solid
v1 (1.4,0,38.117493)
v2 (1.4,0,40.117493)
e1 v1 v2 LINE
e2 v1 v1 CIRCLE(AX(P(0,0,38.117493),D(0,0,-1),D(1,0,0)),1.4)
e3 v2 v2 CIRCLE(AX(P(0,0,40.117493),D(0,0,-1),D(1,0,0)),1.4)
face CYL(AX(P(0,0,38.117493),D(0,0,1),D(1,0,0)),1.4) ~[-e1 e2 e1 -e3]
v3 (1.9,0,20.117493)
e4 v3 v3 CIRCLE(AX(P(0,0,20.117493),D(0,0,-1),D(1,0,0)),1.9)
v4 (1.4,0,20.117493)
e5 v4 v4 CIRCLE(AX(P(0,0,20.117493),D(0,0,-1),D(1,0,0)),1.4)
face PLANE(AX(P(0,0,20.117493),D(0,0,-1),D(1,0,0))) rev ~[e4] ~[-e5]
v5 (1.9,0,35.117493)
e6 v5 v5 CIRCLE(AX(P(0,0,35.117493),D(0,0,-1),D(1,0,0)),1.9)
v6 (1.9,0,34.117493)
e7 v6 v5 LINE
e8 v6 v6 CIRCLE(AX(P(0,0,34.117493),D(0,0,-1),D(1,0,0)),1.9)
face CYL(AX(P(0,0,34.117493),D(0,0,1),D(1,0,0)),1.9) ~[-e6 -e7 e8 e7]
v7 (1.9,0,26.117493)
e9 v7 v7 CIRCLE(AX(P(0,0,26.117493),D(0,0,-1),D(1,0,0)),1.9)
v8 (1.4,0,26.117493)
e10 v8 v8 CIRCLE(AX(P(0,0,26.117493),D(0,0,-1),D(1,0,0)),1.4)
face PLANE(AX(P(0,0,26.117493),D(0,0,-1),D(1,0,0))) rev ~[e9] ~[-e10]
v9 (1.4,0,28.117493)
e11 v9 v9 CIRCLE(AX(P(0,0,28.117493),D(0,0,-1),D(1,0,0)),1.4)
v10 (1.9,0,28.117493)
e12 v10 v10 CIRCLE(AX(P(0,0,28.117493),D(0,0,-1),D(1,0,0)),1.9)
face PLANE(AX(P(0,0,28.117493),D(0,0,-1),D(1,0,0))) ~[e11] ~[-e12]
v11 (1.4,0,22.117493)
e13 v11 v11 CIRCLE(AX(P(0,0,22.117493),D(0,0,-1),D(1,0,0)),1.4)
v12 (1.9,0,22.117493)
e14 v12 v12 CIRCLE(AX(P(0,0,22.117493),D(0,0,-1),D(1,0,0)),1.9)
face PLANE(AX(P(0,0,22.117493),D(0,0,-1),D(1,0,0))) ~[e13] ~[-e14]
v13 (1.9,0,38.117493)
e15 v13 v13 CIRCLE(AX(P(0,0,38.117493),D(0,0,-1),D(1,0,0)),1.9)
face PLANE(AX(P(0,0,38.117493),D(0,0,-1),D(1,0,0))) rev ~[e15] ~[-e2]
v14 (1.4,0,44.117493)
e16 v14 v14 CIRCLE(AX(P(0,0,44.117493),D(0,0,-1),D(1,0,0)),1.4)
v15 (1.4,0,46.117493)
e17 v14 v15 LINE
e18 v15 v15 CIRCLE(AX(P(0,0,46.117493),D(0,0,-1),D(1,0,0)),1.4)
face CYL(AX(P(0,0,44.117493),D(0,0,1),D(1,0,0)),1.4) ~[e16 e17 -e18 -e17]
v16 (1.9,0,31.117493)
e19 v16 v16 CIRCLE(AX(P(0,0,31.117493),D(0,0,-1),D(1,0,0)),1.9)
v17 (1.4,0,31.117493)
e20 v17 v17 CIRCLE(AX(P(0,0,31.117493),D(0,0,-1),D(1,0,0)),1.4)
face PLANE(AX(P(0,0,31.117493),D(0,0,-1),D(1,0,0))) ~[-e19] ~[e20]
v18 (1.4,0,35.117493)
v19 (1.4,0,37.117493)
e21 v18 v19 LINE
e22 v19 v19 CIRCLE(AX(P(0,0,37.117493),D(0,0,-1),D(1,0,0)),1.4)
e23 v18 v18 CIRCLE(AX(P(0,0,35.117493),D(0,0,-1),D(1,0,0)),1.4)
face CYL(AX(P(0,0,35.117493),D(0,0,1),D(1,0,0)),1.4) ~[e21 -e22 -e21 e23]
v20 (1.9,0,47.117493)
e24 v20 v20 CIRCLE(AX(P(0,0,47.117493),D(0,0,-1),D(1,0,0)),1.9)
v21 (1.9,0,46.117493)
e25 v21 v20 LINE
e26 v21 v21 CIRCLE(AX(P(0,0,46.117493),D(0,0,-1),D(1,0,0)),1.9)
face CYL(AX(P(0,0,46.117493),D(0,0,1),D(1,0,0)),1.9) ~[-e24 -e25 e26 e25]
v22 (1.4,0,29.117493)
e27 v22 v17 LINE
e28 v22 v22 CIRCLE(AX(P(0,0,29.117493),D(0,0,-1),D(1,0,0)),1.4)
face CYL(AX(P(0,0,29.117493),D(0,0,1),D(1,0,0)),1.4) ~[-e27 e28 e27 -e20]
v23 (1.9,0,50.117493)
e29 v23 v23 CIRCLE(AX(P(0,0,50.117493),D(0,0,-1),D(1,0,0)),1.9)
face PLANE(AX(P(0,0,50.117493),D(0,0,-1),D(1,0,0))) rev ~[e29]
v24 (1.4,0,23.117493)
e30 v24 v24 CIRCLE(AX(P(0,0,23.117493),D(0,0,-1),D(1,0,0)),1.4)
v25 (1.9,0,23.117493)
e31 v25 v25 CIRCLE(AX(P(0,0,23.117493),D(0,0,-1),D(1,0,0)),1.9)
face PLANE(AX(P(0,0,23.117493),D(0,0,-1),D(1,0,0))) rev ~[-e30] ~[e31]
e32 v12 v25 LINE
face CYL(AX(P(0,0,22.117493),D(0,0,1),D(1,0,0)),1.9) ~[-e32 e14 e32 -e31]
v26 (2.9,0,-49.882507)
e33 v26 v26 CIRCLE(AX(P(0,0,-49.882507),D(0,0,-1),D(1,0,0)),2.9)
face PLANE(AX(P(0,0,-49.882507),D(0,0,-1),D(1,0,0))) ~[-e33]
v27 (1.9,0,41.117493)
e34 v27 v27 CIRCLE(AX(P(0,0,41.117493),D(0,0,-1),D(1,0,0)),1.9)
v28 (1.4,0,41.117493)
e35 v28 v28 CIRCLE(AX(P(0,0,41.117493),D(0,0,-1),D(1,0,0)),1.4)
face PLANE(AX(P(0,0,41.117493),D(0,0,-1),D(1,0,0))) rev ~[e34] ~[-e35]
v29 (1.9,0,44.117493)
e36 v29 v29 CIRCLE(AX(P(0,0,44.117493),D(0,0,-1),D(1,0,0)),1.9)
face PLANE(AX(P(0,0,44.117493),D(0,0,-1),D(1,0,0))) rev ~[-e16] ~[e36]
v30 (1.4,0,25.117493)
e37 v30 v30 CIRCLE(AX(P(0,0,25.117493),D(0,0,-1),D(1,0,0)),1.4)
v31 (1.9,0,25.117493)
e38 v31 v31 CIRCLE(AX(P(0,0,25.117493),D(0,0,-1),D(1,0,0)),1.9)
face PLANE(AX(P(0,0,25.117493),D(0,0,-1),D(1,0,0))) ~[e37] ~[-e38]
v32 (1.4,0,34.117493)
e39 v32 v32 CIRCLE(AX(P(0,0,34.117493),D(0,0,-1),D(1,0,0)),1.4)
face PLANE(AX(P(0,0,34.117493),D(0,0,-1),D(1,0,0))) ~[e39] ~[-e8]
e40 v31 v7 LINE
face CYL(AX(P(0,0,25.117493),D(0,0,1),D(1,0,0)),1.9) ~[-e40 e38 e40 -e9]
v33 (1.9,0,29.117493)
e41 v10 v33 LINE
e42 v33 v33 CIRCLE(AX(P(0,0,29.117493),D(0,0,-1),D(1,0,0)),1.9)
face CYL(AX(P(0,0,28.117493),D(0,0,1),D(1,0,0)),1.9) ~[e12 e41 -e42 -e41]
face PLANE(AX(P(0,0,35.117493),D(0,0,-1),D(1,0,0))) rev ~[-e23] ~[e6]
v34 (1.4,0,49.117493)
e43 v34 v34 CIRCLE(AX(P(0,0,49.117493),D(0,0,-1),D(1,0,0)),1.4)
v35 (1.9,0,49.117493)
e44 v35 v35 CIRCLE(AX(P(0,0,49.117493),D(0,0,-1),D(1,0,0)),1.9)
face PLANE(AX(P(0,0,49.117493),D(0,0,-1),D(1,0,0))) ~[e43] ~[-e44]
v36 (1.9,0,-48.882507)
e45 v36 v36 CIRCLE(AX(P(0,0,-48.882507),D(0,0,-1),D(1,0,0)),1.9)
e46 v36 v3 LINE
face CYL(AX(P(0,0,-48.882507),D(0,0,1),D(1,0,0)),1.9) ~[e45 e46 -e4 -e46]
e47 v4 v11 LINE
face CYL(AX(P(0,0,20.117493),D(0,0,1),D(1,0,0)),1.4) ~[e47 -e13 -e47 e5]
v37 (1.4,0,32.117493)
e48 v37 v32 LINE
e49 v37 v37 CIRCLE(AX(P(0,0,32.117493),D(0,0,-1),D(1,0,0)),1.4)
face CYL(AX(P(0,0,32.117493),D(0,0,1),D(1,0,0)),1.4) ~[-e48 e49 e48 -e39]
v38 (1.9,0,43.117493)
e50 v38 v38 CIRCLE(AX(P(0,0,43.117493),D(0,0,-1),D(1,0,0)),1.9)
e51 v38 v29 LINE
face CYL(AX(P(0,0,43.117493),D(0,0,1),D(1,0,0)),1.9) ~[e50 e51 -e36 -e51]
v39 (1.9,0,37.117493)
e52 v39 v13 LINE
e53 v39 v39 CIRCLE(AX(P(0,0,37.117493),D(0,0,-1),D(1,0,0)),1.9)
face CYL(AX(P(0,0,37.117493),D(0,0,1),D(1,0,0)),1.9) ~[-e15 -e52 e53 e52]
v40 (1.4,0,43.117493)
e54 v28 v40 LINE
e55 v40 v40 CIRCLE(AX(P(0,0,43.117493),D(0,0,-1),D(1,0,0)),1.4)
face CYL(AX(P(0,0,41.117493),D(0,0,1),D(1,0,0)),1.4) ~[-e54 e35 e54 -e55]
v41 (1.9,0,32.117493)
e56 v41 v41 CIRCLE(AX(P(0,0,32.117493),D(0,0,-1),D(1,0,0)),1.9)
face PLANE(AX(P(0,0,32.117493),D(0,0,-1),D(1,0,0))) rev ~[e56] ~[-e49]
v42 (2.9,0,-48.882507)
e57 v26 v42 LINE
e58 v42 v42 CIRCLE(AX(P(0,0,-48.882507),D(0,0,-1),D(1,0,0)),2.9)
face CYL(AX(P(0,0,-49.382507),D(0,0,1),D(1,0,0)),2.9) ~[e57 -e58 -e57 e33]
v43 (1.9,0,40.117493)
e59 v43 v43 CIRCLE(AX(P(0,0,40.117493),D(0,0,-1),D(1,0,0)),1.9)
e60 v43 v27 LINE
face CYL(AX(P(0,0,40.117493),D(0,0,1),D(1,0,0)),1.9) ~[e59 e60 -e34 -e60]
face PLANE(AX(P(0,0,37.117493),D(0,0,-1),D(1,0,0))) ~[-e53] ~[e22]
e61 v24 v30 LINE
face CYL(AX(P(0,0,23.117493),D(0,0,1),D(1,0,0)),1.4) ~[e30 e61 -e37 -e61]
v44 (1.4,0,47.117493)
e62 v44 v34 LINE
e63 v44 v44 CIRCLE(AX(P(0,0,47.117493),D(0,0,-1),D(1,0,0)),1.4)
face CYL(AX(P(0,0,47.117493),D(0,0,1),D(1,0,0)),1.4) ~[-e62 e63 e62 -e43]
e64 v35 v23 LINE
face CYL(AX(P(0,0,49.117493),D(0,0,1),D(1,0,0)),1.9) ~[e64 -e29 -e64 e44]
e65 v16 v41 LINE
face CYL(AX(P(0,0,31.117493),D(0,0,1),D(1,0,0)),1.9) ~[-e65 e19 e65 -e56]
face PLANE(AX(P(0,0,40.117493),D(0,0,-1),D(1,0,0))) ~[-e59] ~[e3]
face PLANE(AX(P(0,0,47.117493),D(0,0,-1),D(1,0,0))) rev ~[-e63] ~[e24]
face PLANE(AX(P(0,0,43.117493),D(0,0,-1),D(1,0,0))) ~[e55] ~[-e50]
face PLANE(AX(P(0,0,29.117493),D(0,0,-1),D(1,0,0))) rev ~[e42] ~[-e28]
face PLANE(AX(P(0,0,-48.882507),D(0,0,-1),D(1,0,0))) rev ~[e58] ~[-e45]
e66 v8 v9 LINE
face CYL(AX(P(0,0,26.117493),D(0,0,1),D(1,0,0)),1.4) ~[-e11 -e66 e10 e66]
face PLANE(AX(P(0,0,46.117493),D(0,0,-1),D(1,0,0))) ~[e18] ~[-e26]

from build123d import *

# Parameters (mm, degrees)
F0_W   = 1
F0_H   = 1
F0_W_2 = 0.5
F0_H_2 = 2


with BuildPart() as f1:
    # F0 (on Front) → F1 (revolve)
    with BuildSketch(Plane.XZ):
        Polygon((1.9, 50.117493), (0, 50.117493), (0, -49.882507), (1.9, -49.882507), (1.9, -48.882507), (1.4, -48.882507), (1.4, -46.882507), (1.9, -46.882507), (1.9, 19.117493), (1.9, 20.117493), (1.4, 20.117493), (1.4, 22.117493), (1.9, 22.117493), (1.9, 23.117493), (1.4, 23.117493), (1.4, 25.117493), (1.9, 25.117493), (1.9, 26.117493), (1.4, 26.117493), (1.4, 28.117493), (1.9, 28.117493), (1.9, 29.117493), (1.4, 29.117493), (1.4, 31.117493), (1.9, 31.117493), (1.9, 32.117493), (1.4, 32.117493), (1.4, 34.117493), (1.9, 34.117493), (1.9, 34.617493), (1.9, 35.117493), (1.4, 35.117493), (1.4, 37.117493), (1.9, 37.117493), (1.9, 38.117493), (1.4, 38.117493), (1.4, 40.117493), (1.9, 40.117493), (1.9, 41.117493), (1.4, 41.117493), (1.4, 43.117493), (1.9, 43.117493), (1.9, 44.117493), (1.4, 44.117493), (1.4, 46.117493), (1.9, 46.117493), (1.9, 47.117493), (1.4, 47.117493), (1.4, 49.117493), (1.9, 49.117493), align=None)
        with Locations((2.4, -49.382507)):
            Rectangle(F0_W, F0_H)
        with Locations((1.65, -47.882507)):
            Rectangle(F0_W_2, F0_H_2)
    revolve(axis=Axis((0, 0, 0.117493), (0, 0, -1)))


solid = f1.part
